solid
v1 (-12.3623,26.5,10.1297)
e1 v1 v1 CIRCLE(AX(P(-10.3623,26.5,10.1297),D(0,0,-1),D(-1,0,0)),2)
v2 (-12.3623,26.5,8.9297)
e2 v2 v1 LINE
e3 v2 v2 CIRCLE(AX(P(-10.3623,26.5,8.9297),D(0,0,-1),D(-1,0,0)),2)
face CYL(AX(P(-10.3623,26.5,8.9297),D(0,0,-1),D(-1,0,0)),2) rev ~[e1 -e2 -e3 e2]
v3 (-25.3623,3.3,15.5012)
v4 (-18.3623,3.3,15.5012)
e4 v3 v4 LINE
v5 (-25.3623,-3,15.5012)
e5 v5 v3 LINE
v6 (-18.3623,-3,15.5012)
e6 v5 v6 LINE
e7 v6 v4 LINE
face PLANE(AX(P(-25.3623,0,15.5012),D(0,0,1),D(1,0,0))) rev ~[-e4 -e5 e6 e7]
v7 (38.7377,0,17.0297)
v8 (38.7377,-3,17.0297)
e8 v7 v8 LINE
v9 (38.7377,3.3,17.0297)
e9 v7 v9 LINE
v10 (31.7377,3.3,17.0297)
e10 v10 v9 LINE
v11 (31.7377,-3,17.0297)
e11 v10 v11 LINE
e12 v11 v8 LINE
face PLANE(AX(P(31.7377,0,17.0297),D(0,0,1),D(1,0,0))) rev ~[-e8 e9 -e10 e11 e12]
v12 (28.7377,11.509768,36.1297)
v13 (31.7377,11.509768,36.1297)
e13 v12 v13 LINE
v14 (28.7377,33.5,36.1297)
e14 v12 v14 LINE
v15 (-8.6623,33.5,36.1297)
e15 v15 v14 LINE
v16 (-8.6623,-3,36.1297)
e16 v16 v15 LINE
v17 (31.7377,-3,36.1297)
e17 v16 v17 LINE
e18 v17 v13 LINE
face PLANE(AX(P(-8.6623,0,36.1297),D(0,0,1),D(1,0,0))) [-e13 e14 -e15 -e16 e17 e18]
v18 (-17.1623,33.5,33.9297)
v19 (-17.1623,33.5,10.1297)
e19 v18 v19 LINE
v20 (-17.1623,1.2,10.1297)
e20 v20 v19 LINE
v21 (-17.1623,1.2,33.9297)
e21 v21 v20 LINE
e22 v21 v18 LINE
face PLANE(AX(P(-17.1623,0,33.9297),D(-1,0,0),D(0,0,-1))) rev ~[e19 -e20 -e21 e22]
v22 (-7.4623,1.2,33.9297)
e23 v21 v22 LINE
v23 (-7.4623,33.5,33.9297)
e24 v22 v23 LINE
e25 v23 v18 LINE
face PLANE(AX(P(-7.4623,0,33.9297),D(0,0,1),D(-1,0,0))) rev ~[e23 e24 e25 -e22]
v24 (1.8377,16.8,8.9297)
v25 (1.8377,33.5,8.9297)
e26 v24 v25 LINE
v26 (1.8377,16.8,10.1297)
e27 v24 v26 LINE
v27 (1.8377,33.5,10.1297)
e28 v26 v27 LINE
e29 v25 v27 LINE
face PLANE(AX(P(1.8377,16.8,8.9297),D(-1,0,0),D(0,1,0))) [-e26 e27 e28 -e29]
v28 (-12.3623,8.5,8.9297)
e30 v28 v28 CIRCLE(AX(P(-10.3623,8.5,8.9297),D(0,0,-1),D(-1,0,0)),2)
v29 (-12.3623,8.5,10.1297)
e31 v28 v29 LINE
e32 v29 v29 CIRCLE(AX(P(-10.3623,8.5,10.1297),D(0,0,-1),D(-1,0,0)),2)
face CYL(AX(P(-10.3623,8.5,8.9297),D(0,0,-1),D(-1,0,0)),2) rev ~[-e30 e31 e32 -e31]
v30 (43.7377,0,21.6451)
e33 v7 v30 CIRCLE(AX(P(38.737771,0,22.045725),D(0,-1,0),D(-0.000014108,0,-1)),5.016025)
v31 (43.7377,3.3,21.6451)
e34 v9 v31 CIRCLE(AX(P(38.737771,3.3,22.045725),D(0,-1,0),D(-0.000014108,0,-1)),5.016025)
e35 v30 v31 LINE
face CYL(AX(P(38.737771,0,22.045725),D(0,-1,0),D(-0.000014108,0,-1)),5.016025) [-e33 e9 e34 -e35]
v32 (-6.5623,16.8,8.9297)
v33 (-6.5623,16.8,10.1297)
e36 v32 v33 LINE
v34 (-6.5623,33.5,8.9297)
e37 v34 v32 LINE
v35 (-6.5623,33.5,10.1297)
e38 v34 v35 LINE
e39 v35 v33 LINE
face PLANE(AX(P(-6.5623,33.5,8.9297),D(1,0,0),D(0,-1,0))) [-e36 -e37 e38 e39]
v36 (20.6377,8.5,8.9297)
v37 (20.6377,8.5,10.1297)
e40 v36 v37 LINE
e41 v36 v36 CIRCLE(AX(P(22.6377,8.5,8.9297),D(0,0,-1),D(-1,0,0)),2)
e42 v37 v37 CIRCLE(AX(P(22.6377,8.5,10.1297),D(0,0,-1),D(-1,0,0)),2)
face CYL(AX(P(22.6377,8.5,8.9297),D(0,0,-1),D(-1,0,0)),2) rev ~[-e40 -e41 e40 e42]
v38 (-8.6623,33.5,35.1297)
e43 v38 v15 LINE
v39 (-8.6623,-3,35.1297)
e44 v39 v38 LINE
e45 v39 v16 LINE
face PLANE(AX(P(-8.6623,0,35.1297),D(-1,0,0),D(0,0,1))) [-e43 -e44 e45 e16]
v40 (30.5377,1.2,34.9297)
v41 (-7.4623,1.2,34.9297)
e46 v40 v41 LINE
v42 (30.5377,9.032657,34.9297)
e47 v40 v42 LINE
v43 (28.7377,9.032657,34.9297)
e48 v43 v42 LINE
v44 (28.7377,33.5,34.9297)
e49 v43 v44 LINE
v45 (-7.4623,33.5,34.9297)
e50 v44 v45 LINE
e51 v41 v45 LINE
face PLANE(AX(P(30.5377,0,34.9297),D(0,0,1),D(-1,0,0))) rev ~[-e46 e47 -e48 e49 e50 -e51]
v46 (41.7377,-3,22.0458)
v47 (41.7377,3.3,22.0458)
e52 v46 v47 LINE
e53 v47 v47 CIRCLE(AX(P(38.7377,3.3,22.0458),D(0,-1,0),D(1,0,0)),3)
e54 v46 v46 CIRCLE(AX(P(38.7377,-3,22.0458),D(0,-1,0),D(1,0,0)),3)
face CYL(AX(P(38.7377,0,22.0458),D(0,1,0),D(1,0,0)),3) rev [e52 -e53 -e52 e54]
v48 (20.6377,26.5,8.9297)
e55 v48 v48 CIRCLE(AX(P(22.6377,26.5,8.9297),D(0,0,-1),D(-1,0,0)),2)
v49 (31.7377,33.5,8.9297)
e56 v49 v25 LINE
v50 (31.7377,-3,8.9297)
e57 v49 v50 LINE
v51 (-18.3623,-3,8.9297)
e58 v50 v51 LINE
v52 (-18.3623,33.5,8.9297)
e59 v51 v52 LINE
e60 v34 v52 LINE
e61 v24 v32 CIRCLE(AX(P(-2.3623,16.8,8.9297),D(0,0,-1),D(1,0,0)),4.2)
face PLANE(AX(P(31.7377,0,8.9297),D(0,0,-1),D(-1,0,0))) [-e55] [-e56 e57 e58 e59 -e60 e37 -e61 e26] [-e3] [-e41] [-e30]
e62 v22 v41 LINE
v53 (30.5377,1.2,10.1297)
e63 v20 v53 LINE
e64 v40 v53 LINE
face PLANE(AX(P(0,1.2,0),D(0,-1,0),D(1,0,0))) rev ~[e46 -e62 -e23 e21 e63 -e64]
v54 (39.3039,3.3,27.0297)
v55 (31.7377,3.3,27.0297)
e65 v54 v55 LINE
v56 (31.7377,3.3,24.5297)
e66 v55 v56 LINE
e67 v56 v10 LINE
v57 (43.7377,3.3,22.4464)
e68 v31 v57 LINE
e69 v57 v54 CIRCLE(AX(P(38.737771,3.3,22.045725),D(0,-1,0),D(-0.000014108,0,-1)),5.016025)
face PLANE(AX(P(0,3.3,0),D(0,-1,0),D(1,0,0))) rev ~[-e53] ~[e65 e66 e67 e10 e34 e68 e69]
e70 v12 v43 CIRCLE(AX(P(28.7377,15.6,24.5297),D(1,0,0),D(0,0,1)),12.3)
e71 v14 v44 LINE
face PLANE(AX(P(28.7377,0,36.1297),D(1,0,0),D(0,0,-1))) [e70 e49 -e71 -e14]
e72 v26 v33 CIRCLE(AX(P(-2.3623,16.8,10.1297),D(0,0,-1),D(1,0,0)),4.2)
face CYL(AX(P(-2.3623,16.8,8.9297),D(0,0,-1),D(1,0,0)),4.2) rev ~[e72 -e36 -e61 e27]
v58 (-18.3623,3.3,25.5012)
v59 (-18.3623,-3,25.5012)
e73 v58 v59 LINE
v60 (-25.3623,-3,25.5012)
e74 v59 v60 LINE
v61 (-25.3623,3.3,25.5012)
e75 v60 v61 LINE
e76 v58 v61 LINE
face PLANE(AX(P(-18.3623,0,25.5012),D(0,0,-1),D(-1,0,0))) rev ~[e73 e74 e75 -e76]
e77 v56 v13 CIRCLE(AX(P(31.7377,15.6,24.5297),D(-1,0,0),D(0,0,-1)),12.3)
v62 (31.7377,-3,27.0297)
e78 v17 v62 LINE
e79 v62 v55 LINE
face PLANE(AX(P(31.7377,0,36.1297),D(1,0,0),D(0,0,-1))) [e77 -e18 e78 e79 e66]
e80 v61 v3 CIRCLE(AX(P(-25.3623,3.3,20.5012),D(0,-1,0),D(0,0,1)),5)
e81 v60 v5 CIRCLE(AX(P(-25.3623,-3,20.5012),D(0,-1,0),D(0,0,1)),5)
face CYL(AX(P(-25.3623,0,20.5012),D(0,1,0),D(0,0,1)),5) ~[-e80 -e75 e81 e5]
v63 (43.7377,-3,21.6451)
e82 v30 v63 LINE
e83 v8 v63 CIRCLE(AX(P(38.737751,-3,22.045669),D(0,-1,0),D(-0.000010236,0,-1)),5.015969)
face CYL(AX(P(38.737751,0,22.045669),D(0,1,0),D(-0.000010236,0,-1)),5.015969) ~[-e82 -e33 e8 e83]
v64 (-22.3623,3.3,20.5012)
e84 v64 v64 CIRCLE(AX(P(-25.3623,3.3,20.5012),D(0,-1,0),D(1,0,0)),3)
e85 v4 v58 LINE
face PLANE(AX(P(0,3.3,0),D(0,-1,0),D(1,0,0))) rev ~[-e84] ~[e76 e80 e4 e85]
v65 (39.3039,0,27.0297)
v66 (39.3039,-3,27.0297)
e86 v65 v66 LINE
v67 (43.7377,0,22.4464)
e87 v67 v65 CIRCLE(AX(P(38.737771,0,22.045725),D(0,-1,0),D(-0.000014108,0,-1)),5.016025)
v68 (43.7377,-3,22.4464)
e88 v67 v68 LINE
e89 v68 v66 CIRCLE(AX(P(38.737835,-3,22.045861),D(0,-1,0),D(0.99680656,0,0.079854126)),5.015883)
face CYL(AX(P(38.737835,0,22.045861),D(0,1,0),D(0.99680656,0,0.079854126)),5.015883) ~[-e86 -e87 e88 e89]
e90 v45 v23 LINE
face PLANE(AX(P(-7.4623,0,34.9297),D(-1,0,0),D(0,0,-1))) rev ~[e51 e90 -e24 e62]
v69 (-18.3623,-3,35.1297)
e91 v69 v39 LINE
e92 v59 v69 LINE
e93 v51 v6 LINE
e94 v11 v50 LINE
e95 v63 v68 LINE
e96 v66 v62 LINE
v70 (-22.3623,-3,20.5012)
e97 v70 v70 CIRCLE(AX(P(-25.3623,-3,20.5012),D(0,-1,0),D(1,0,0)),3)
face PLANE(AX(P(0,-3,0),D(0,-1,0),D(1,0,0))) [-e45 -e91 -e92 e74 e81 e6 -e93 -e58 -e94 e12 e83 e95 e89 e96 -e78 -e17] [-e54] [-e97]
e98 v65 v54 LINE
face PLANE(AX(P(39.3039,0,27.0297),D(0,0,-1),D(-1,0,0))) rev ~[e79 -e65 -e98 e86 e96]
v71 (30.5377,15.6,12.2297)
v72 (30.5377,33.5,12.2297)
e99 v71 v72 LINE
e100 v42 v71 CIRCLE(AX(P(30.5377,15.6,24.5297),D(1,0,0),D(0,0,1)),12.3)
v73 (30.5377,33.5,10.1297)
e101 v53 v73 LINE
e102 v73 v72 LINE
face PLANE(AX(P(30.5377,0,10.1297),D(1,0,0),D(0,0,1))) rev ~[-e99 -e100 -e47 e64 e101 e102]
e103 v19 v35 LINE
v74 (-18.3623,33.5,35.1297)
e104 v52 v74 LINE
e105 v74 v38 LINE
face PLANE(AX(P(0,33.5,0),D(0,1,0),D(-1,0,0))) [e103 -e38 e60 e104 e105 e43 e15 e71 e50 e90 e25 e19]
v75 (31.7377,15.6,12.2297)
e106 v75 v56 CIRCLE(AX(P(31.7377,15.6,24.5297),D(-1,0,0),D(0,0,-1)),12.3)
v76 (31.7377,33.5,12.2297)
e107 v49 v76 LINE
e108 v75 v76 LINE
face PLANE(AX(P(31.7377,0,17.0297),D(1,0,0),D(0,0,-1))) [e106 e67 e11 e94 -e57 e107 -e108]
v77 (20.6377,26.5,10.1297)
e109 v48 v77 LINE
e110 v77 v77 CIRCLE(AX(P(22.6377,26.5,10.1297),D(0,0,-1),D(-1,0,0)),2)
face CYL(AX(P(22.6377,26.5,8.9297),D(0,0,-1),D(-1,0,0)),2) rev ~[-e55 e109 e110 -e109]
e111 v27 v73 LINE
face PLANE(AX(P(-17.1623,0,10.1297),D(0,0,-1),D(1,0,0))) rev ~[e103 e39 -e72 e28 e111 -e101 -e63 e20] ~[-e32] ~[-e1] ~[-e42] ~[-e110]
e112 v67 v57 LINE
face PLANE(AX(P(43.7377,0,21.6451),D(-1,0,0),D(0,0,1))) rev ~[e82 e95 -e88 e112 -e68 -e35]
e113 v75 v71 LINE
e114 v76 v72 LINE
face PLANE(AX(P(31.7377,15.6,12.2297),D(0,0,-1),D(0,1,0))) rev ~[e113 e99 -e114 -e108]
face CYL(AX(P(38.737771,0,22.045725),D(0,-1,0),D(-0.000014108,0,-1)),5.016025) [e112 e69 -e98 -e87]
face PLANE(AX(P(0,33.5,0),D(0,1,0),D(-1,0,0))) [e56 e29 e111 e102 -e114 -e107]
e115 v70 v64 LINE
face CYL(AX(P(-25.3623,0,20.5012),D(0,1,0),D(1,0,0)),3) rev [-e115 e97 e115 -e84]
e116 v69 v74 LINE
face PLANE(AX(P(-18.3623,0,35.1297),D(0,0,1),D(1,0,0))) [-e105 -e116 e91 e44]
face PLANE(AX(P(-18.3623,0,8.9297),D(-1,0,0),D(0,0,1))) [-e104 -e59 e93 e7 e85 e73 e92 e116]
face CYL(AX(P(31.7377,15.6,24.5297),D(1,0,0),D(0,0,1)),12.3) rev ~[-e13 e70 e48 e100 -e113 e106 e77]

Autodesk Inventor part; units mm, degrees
ref_plane "YZ Plane" through (0, 0, 0) normal (1, 0, 0) x (0, 1, 0)
ref_plane "XZ Plane" through (0, 0, 0) normal (0, 1, 0) x (-1, 0, 0)
ref_plane "XY Plane" through (0, 0, 0) normal (0, 0, 1) x (1, 0, 0)
sketch "Sketch1" plane through (0, 0, 0) normal (0, 1, 0) x (-1, 0, 0)
  line L0 (17.1623, 10.1297) -> (-30.5377, 10.1297)
  line L1 (-30.5377, 34.9297) -> (7.4623, 34.9297)
  line L2 (7.4623, 34.9297) -> (7.4623, 33.9297)
  line L3 (7.4623, 33.9297) -> (17.1623, 33.9297)
  line L4 (17.1623, 33.9297) -> (17.1623, 10.1297)
  line L5 (-31.7377, 8.9297) -> (18.3623, 8.9297)
  line L6 (18.3623, 8.9297) -> (18.3623, 35.1297)
  line L7 (18.3623, 35.1297) -> (8.6623, 35.1297)
  line L8 (8.6623, 35.1297) -> (8.6623, 36.1297)
  line L9 (8.6623, 36.1297) -> (-31.7377, 36.1297)
  line L10 (-30.5377, 10.1297) -> (-30.5377, 34.9297)
  line L11 (-31.7377, 8.9297) -> (-31.7377, 36.1297)
  point P0 (0, 0)
  dimension "d0" = 47.7
  dimension "d1" = 23.8
  dimension "d2" = 9.7
  dimension "d3" = 1
  dimension "d4" = 1.2
  dimension "d5" = 1.2
  dimension "d6" = 1.2
  dimension "d7" = 1.2
  dimension "d8" = 1.2
  dimension "d19" = 1.2
extrude "Extrusion3" add sketch "Sketch1" along normal blind 33.5
sketch "Sketch3" plane through (0, 0, 0) normal (0, -1, 0) x (1, 0, 0)
  line L0 (30.5377, 34.9297) -> (-7.4623, 34.9297) projected
  line L1 (30.5377, 34.9297) -> (30.5377, 10.1297) projected
  line L2 (30.5377, 34.9297) -> (30.5377, 10.1297)
  line L3 (-17.1623, 10.1297) -> (30.5377, 10.1297) projected
  line L4 (30.5377, 10.1297) -> (-17.1623, 10.1297)
  line L5 (-17.1623, 33.9297) -> (-17.1623, 10.1297) projected
  line L6 (-17.1623, 10.1297) -> (-17.1623, 33.9297)
  line L7 (-7.4623, 33.9297) -> (-7.4623, 34.9297) projected
  line L8 (-17.1623, 33.9297) -> (-7.4623, 33.9297)
  line L9 (-7.4623, 33.9297) -> (-7.4623, 34.9297)
  line L10 (-7.4623, 34.9297) -> (30.5377, 34.9297)
  point P0 (0, 0)
extrude "Extrusion4" add sketch "Sketch3" against normal blind 1.2
sketch "Sketch4" plane through (31.7377, 0, 8.9297) normal (0, 0, -1) x (-1, 0, 0)
  arc A0 (29.9, 16.8) -> (38.3, 16.8) centre (34.1, 16.8) ccw
  line L0 (50.1, 0) -> (50.1, 33.5) projected
  line L1 (0, 0) -> (50.1, 0) projected
  line L2 (29.9, 16.8) -> (29.9, 33.5)
  line L3 (29.9, 33.5) -> (38.3, 33.5)
  line L4 (0, 33.5) -> (50.1, 33.5) projected
  line L5 (38.3, 33.5) -> (38.3, 16.8)
  circle A1 centre (42.1, 26.5) radius 2
  circle A2 centre (42.1, 8.5) radius 2
  circle A3 centre (9.1, 8.5) radius 2
  circle A4 centre (9.1, 26.5) radius 2
  line L6 (0, 0) -> (0, 33.5) projected
  point P0 (31.7377, 0)
  dimension "d24" = 16
  dimension "d25" = 16.8
  dimension "d26" = 4.2
  dimension "d27" = 4
  dimension "d29" = 7
  dimension "d30" = 4
  dimension "d32" = 18
  dimension "d33" = 4
  dimension "d34" = 4
  dimension "d36" = 18
  dimension "d37" = 7
  dimension "d38" = 0
  dimension "d63" = 33
  dimension "d64" = 8
extrude "Extrusion5" cut sketch "Sketch4" against normal blind 5 contours L2 L3 L5 A0 | A1 | A2 | A3 | A4
sketch "Sketch5" plane through (31.7377, 0, 36.1297) normal (1, 0, 0) x (0, 0, -1)
  arc A0 (-0.7, 15.6) -> (23.9, 15.6) centre (11.6, 15.6) ccw
  line L0 (0, 0) -> (27.2, 0) projected
  line L1 (27.2, 0) -> (27.2, 33.5) projected
  line L2 (23.9, 15.6) -> (23.9, 33.5)
  line L3 (27.2, 33.5) -> (1, 33.5) projected
  line L4 (1, 33.5) -> (0, 33.5) projected
  line L5 (-0.7, 15.6) -> (18, 15.6) construction
  line L6 (0.1, 33.5) -> (23.9, 33.5)
  line L7 (-0.7, 15.6) -> (0, 15.6)
  line L8 (0, 0) -> (0, 33.5) projected
  line L9 (0, 15.6) -> (0, 33.5)
  line L10 (0, 33.5) -> (0.1, 33.5)
  point P0 (36.1297, 0)
  dimension "d41" = 24.6
  dimension "d42" = 15.6
  dimension "d43" = 15.6
extrude "Extrusion6" cut sketch "Sketch5" against normal blind 3 contours L7 L8 A0 | L8 L4 L3 L2 A0
sketch "Sketch6" plane through (0, 0, 0) normal (0, -1, 0) x (1, 0, 0)
  line L0 (39.3039, 27.0297) -> (31.7377, 27.0297)
  line L1 (31.7377, 27.0297) -> (31.7377, 17.0297)
  line L2 (31.7377, 17.0297) -> (38.7377, 17.0297)
  line L3 (43.7377, 21.6451) -> (43.7377, 22.4464)
  line L4 (31.7377, 36.1297) -> (31.7377, 8.9297) projected
  line L5 (31.7377, 8.9297) -> (-18.3623, 8.9297) projected
  arc A0 (38.7377, 17.0297) -> (39.3039, 27.0297) centre (38.7377, 22.0458) ccw
  line L6 (-18.3623, 8.9297) -> (-18.3623, 35.1297) projected
  line L7 (-18.3623, 25.5012) -> (-25.3623, 25.5012)
  line L8 (-30.3623, 15.5012) -> (-18.3623, 15.5012)
  line L9 (-18.3623, 15.5012) -> (-18.3623, 25.5012)
  arc A1 (-25.3623, 25.5012) -> (-25.3623, 15.5012) centre (-25.3623, 20.5012) ccw
  circle A2 centre (-25.3623, 20.5012) radius 3
  circle A3 centre (38.7377, 22.0458) radius 3
  point P0 (0, 0)
  dimension "d48" = 10
  dimension "d49" = 0
  dimension "d50" = 8.1
  dimension "d51" = 5
  dimension "d52" = 7
  dimension "d53" = 12
  dimension "d55" = 7
  dimension "d56" = 6
  dimension "d57" = 6
extrude "Extrusion7" add sketch "Sketch6" against normal blind 3.3 contours A0 L3 L2 L1 L0 | L8 A1 L7 L6
sketch "Sketch7" plane through (0, 0, 0) normal (0, -1, 0) x (1, 0, 0)
  circle A0 centre (-25.3623, 20.5012) radius 3 projected
  circle A1 centre (38.7377, 22.0458) radius 3 projected
  line L0 (31.7377, 8.9297) -> (-18.3623, 8.9297) projected
  line L1 (31.7377, 17.0297) -> (31.7377, 8.9297) projected
  line L2 (31.7377, 17.0297) -> (38.7377, 17.0297) projected
  arc A2 (38.7377, 17.0297) -> (43.7377, 21.6451) centre (38.7377, 22.0458) ccw projected
  line L3 (43.7377, 21.6451) -> (43.7377, 22.4464) projected
  arc A3 (43.7377, 22.4464) -> (39.3039, 27.0297) centre (38.7377, 22.0458) ccw projected
  line L4 (39.3039, 27.0297) -> (31.7377, 27.0297) projected
  line L5 (31.7377, 36.1297) -> (31.7377, 27.0297) projected
  line L6 (-8.6623, 36.1297) -> (31.7377, 36.1297) projected
  line L7 (-8.6623, 35.1297) -> (-8.6623, 36.1297) projected
  line L8 (-18.3623, 35.1297) -> (-8.6623, 35.1297) projected
  line L9 (-18.3623, 25.5012) -> (-18.3623, 35.1297) projected
  line L10 (-18.3623, 25.5012) -> (-25.3623, 25.5012) projected
  arc A4 (-25.3623, 25.5012) -> (-25.3623, 15.5012) centre (-25.3623, 20.5012) ccw projected
  line L11 (-25.3623, 15.5012) -> (-18.3623, 15.5012) projected
  line L12 (-18.3623, 8.9297) -> (-18.3623, 15.5012) projected
  point P0 (0, 0)
extrude "Extrusion8" add sketch "Sketch7" along normal blind 3
properties part number "MotorMount"
